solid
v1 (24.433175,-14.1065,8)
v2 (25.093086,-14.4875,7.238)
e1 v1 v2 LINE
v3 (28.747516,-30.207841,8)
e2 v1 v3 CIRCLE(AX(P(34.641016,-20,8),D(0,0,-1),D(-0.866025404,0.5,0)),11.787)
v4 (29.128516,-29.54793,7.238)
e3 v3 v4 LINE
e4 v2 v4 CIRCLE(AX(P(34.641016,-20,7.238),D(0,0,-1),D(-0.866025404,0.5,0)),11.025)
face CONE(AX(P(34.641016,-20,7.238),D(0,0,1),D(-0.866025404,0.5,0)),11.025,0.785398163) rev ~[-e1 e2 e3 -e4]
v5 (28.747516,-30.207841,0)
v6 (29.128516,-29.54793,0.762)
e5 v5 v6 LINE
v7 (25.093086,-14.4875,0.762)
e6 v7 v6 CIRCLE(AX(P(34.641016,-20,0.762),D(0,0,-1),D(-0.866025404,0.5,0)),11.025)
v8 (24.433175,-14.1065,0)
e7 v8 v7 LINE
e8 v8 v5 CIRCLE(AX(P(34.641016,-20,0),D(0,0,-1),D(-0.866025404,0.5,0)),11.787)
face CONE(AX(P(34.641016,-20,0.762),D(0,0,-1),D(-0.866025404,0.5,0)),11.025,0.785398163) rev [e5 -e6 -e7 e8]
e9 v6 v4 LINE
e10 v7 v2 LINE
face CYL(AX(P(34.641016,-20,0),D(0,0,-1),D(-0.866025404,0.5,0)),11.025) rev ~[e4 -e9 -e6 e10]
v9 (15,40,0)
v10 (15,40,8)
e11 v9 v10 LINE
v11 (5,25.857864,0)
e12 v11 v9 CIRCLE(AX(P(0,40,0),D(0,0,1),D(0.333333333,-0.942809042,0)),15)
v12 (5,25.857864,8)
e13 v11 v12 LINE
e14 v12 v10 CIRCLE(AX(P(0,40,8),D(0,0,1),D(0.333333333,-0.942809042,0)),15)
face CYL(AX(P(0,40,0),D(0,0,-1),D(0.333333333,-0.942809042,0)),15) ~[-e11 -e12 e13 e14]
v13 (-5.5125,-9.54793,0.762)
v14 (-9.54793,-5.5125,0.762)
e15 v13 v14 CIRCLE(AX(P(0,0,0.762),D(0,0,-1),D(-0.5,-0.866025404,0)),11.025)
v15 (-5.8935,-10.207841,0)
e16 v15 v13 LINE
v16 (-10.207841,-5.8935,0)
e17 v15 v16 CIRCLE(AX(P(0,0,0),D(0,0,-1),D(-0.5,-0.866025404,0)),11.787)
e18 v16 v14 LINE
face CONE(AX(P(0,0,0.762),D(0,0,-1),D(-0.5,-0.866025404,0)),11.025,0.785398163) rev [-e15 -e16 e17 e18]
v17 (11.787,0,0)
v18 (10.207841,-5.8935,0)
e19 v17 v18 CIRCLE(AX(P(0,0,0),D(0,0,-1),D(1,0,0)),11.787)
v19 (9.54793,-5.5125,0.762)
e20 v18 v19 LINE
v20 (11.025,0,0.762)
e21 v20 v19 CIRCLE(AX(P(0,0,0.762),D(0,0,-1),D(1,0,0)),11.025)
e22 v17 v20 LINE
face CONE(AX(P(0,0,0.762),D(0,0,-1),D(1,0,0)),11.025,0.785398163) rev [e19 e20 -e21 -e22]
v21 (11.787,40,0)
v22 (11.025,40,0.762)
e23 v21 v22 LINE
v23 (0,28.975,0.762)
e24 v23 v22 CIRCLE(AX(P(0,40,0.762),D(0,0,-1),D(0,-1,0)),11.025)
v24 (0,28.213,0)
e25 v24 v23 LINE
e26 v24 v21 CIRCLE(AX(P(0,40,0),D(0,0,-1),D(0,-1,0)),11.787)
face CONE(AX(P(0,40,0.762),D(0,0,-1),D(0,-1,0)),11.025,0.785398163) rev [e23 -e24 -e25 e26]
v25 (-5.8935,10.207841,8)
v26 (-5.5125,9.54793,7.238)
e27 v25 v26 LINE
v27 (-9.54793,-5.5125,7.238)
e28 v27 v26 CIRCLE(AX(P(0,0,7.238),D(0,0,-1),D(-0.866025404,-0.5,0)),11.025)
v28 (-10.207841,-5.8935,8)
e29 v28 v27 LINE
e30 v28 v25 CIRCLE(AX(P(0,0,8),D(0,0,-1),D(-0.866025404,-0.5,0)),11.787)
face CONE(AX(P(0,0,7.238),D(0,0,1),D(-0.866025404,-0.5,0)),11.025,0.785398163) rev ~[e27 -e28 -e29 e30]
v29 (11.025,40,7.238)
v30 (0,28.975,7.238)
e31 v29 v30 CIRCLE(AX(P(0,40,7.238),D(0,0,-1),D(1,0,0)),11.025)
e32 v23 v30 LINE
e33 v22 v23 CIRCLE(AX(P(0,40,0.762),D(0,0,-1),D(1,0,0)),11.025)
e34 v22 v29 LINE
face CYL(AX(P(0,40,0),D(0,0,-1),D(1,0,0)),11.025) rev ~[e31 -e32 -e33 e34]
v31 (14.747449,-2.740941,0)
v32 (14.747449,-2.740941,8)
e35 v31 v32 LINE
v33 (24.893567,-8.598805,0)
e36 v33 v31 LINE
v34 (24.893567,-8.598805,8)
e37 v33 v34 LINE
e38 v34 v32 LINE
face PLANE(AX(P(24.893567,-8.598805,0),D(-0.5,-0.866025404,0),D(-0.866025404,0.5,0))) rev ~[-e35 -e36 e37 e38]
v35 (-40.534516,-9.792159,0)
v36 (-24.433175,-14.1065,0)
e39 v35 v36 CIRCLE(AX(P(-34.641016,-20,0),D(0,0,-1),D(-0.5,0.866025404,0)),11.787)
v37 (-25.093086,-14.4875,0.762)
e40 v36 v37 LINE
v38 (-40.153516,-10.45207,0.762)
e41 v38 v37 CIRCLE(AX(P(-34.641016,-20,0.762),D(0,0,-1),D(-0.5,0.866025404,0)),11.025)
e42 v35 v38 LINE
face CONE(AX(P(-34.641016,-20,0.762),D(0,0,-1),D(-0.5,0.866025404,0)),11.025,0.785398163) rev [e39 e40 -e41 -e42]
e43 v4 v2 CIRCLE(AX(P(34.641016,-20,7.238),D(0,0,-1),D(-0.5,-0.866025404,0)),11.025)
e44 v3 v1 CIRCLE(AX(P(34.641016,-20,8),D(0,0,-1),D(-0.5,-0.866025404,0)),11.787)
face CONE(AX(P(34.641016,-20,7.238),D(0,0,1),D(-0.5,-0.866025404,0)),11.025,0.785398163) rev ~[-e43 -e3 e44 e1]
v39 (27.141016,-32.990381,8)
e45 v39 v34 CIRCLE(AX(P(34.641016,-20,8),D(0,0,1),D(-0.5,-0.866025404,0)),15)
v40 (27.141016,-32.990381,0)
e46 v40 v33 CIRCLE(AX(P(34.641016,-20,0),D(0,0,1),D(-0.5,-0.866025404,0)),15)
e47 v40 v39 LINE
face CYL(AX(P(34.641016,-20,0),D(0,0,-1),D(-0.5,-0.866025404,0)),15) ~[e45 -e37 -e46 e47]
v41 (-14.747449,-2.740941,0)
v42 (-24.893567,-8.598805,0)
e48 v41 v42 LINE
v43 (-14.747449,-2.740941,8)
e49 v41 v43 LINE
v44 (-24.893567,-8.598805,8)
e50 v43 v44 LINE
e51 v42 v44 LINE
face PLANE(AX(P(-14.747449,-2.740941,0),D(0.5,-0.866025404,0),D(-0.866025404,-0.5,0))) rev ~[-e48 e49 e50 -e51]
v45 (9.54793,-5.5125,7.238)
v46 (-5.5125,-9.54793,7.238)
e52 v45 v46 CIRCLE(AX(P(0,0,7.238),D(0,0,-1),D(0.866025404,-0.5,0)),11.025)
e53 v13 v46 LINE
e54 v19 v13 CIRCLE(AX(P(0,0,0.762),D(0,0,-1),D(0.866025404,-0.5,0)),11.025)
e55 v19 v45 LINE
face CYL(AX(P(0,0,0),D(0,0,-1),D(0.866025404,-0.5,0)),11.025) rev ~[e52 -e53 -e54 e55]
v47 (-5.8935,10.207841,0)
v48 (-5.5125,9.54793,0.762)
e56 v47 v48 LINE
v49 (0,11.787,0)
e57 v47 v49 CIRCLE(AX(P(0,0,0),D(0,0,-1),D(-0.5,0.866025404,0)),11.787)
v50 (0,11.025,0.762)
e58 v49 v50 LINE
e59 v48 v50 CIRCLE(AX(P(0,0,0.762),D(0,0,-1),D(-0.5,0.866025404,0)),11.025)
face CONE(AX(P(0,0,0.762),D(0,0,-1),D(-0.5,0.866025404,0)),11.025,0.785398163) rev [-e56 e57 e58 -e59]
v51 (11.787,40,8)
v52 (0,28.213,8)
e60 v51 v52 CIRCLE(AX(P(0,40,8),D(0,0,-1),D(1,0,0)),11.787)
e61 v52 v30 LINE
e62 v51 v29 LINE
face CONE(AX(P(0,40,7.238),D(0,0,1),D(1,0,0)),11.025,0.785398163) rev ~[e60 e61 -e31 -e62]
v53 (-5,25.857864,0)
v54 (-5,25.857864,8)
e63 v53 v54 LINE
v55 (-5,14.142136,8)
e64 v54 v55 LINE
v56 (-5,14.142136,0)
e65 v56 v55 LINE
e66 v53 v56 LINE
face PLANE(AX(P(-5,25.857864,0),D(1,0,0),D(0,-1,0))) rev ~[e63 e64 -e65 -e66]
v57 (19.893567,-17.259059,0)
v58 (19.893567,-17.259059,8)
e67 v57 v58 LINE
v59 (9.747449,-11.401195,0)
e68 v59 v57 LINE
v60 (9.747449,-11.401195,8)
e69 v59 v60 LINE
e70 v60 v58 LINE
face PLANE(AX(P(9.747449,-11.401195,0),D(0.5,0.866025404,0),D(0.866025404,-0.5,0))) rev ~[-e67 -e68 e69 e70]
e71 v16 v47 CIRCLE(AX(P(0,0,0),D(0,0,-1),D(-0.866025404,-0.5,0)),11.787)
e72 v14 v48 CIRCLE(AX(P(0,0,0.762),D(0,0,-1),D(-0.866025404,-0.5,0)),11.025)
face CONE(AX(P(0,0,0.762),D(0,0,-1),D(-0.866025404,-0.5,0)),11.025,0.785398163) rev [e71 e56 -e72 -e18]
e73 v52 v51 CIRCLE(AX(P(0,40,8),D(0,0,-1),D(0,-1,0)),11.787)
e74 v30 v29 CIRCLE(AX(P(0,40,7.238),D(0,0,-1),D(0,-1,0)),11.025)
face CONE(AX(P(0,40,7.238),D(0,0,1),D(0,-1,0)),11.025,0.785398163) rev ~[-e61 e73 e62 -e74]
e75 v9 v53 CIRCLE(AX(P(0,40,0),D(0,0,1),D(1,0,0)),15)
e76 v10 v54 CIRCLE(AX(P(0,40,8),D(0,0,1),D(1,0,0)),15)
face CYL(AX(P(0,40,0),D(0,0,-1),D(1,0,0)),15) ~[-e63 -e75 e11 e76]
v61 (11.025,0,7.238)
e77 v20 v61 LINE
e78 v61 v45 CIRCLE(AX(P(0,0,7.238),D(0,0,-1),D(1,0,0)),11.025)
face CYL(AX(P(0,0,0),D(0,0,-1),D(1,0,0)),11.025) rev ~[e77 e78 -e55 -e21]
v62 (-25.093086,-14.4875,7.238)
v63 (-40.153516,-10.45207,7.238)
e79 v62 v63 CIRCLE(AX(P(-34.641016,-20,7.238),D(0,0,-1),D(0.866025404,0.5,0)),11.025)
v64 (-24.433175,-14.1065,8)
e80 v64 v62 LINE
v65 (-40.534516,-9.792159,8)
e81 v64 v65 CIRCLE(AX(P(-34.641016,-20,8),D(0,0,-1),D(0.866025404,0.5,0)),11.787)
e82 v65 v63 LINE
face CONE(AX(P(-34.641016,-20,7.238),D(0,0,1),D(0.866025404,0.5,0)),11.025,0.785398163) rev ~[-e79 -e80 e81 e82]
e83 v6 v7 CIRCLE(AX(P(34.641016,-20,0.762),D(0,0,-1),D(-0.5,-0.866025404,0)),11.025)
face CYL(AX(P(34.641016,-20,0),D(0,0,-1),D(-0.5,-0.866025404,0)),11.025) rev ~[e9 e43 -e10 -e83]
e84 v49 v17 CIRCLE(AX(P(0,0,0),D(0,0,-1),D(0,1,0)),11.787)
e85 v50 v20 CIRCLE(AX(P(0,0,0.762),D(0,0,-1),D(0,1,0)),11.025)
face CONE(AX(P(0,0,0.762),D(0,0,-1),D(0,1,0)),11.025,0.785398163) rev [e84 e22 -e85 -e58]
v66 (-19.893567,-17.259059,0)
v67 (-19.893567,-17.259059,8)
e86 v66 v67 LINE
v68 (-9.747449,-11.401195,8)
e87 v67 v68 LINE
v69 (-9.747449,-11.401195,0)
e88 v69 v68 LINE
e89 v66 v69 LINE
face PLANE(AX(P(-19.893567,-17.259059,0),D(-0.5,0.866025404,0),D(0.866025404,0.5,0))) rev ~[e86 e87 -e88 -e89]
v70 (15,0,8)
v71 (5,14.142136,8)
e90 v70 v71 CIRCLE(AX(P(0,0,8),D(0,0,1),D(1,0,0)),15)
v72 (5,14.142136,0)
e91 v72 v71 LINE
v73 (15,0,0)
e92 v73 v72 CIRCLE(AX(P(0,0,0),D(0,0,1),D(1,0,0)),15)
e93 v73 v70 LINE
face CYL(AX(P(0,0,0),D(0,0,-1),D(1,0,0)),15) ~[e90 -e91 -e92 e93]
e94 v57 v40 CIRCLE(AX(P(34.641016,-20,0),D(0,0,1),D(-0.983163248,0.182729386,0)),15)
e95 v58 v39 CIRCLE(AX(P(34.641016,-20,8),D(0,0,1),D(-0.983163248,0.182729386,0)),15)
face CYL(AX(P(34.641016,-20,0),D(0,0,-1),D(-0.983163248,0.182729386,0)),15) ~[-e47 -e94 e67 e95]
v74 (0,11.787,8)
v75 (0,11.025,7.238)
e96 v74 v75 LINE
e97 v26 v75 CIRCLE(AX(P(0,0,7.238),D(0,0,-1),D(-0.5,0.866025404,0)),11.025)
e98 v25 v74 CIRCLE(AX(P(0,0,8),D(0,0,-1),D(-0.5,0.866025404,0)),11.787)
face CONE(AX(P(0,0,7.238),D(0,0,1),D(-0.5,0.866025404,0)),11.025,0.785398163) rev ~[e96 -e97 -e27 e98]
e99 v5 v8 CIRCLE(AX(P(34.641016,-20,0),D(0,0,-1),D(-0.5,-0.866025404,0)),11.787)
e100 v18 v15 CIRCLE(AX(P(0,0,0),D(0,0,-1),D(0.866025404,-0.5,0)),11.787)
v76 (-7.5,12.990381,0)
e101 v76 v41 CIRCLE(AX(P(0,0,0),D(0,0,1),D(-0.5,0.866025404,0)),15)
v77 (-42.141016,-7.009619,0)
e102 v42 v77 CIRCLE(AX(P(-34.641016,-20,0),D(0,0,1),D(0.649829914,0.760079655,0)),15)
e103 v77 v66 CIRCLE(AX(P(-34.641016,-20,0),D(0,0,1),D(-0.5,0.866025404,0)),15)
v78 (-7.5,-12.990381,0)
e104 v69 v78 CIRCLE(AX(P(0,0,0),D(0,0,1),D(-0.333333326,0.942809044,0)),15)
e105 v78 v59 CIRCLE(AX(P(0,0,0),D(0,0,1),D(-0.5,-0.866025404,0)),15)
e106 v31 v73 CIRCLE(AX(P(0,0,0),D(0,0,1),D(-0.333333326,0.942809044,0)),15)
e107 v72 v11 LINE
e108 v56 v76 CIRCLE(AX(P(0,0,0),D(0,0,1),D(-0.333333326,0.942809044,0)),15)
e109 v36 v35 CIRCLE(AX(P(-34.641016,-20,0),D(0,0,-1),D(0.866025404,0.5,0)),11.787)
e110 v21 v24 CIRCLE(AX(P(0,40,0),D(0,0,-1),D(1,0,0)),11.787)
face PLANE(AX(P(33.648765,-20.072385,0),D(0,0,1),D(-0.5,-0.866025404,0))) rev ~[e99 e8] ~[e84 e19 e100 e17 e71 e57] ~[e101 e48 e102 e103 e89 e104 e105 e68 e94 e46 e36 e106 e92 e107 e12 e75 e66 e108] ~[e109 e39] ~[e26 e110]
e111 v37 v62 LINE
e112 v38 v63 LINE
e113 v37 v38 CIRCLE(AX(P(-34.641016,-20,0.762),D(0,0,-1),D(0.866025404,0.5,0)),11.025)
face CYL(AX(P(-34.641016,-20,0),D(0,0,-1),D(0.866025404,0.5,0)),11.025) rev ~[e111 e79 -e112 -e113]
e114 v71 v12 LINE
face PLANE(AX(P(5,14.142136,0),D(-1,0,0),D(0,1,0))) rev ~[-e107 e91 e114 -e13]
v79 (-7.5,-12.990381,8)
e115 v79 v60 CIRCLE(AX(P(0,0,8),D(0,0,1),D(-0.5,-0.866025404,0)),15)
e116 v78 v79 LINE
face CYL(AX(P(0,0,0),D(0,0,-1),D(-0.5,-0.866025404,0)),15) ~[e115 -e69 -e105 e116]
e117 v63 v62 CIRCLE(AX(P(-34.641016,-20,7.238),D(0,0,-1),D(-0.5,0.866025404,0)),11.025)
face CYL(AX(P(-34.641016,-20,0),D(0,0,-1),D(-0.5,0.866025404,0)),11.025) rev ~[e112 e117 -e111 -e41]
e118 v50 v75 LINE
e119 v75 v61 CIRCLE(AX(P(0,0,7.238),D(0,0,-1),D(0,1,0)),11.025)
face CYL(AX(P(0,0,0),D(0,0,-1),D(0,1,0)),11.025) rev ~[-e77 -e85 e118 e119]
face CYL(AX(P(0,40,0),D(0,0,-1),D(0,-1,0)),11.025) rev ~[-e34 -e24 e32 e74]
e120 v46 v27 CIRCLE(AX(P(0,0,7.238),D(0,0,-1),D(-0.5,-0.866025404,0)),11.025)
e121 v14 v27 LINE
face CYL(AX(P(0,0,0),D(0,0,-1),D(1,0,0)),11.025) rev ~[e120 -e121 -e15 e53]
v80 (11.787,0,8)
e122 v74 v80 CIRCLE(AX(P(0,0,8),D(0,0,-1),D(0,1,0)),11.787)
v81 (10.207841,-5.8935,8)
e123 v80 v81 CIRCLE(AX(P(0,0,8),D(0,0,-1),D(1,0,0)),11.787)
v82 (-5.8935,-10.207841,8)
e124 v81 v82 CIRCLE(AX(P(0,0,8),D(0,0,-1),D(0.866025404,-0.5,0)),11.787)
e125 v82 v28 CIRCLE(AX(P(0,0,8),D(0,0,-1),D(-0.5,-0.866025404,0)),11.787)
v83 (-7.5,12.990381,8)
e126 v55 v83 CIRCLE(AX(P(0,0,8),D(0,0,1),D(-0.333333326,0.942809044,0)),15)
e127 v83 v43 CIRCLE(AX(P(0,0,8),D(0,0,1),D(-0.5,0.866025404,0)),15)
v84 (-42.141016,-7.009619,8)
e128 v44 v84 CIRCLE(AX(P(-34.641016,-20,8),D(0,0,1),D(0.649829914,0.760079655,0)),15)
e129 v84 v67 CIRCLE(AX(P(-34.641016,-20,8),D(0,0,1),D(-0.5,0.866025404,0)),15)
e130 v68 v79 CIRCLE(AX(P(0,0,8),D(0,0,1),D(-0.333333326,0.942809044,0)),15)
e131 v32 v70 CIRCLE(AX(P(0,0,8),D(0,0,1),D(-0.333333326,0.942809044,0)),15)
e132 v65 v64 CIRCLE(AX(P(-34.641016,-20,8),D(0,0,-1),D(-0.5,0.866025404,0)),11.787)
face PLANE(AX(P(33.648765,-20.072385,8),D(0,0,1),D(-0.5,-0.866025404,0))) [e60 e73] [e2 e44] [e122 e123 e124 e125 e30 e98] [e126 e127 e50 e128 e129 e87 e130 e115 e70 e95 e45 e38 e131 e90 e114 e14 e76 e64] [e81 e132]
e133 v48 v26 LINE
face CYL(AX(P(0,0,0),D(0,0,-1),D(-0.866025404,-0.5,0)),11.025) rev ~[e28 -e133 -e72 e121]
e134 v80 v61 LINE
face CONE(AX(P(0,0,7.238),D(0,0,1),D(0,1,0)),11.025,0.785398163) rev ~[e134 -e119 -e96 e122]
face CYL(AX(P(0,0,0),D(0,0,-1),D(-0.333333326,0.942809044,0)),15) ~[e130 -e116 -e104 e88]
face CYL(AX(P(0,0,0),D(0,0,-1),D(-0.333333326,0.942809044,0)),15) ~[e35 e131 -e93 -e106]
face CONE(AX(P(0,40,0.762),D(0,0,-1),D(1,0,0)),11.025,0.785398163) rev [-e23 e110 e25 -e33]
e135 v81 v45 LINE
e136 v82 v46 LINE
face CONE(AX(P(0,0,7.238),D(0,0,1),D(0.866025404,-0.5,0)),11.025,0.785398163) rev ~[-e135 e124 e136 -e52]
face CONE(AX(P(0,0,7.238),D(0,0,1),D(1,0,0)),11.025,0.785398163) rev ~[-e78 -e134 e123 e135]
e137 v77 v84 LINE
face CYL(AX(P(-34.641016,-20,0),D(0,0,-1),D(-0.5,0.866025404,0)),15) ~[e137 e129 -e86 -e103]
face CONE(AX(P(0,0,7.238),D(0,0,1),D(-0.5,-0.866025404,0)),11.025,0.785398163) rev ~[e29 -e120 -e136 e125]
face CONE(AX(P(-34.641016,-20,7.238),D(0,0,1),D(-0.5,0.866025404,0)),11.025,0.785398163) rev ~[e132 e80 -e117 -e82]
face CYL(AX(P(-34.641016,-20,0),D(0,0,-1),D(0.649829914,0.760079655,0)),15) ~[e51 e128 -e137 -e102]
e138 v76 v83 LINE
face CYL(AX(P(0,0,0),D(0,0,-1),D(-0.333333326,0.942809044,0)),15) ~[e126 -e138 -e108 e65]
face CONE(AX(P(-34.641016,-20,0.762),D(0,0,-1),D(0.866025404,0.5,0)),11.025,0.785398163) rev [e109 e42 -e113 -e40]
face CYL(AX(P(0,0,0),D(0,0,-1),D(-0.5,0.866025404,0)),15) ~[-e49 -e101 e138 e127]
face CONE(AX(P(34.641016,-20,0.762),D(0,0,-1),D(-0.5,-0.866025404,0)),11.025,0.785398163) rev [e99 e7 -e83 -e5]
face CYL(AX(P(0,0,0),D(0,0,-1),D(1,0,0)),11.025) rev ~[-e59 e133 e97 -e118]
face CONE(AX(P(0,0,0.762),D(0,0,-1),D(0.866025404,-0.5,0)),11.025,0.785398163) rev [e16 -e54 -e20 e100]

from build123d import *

# Parameters (mm, degrees)
F1_DEPTH = 8
F3_COUNT = 3
F4_SIZE  = 0.762


with BuildPart() as f1:
    # F0 (on Top) → F1 (new body)
    with BuildSketch(Plane.XY):
        with BuildLine():
            ThreePointArc((-4.9999998882, 25.8578643368), (-2.5365296225, 25.2160215952), (0, 25))
            ThreePointArc((0, 25), (2.5365296809, 25.2160216052), (5, 25.8578643763))
            ThreePointArc((5, 25.8578643763), (12.2474487139, 31.3397459622), (15, 40))
            ThreePointArc((15, 40), (-8.6602540862, 52.2474486797), (-4.9999998882, 25.8578643368))
        make_face()
        with BuildLine():
            ThreePointArc((11.025, 40), (7.7958522626, 32.2041477374), (0, 28.975))
            ThreePointArc((0, 28.975), (-7.7958522626, 47.7958522626), (11.025, 40))
        make_face(mode=Mode.SUBTRACT)
        with BuildLine():
            Line((0, 25), (0, 15))
            ThreePointArc((0, 15), (2.5365296809, 14.7839783948), (5, 14.1421356237))
            Line((5, 14.1421356237), (5, 25.8578643763))
            ThreePointArc((5, 25.8578643763), (2.5365296809, 25.2160216052), (0, 25))
        make_face()
        with BuildLine():
            ThreePointArc((-4.9999998882, 14.1421356632), (-2.5365296225, 14.7839784048), (0, 15))
            Line((0, 15), (0, 25))
            ThreePointArc((0, 25), (-2.5365296225, 25.2160215952), (-4.9999998882, 25.8578643368))
            Line((-4.9999998882, 25.8578643368), (-4.9999998882, 14.1421356632))
        make_face()
        with BuildLine():
            ThreePointArc((5, 14.1421356237), (2.5365296809, 14.7839783948), (0, 15))
            ThreePointArc((0, 15), (-2.5365296225, 14.7839784048), (-4.9999998882, 14.1421356632))
            ThreePointArc((-4.9999998882, 14.1421356632), (-8.6602540862, -12.2474486797), (15, 0))
            ThreePointArc((15, 0), (12.2474487139, 8.6602540378), (5, 14.1421356237))
        make_face()
        with BuildLine():
            ThreePointArc((0, 11.025), (7.7958522626, 7.7958522626), (11.025, 0))
            ThreePointArc((11.025, 0), (-7.7958522626, -7.7958522626), (0, 11.025))
        make_face(mode=Mode.SUBTRACT)
    extrude(amount=F1_DEPTH)

    # F3: F1 ×3 about axis
    f3_axis = Axis((0, 0, 23.3244411647), (0, 0, 1))


with BuildPart() as f1_1:
    add(f1.part)
    for i in range(1, F3_COUNT):
        add(f1.part.rotate(f3_axis, i * 360 / F3_COUNT))

    # F4
    f4_edges = [f1_1.edges().sort_by_distance(p)[0] for p in [
        (0, 51.025, 8),
        (0, -11.025, 8),
        (-44.188946, -25.5125, 8),
        (44.188946, -25.5125, 8),
        (-44.188946, -25.5125, 0),
        (0, -11.025, 0),
        (44.188946, -25.5125, 0),
        (0, 51.025, 0),
    ]]
    chamfer(f4_edges, length=F4_SIZE)


solid = f1_1.part
